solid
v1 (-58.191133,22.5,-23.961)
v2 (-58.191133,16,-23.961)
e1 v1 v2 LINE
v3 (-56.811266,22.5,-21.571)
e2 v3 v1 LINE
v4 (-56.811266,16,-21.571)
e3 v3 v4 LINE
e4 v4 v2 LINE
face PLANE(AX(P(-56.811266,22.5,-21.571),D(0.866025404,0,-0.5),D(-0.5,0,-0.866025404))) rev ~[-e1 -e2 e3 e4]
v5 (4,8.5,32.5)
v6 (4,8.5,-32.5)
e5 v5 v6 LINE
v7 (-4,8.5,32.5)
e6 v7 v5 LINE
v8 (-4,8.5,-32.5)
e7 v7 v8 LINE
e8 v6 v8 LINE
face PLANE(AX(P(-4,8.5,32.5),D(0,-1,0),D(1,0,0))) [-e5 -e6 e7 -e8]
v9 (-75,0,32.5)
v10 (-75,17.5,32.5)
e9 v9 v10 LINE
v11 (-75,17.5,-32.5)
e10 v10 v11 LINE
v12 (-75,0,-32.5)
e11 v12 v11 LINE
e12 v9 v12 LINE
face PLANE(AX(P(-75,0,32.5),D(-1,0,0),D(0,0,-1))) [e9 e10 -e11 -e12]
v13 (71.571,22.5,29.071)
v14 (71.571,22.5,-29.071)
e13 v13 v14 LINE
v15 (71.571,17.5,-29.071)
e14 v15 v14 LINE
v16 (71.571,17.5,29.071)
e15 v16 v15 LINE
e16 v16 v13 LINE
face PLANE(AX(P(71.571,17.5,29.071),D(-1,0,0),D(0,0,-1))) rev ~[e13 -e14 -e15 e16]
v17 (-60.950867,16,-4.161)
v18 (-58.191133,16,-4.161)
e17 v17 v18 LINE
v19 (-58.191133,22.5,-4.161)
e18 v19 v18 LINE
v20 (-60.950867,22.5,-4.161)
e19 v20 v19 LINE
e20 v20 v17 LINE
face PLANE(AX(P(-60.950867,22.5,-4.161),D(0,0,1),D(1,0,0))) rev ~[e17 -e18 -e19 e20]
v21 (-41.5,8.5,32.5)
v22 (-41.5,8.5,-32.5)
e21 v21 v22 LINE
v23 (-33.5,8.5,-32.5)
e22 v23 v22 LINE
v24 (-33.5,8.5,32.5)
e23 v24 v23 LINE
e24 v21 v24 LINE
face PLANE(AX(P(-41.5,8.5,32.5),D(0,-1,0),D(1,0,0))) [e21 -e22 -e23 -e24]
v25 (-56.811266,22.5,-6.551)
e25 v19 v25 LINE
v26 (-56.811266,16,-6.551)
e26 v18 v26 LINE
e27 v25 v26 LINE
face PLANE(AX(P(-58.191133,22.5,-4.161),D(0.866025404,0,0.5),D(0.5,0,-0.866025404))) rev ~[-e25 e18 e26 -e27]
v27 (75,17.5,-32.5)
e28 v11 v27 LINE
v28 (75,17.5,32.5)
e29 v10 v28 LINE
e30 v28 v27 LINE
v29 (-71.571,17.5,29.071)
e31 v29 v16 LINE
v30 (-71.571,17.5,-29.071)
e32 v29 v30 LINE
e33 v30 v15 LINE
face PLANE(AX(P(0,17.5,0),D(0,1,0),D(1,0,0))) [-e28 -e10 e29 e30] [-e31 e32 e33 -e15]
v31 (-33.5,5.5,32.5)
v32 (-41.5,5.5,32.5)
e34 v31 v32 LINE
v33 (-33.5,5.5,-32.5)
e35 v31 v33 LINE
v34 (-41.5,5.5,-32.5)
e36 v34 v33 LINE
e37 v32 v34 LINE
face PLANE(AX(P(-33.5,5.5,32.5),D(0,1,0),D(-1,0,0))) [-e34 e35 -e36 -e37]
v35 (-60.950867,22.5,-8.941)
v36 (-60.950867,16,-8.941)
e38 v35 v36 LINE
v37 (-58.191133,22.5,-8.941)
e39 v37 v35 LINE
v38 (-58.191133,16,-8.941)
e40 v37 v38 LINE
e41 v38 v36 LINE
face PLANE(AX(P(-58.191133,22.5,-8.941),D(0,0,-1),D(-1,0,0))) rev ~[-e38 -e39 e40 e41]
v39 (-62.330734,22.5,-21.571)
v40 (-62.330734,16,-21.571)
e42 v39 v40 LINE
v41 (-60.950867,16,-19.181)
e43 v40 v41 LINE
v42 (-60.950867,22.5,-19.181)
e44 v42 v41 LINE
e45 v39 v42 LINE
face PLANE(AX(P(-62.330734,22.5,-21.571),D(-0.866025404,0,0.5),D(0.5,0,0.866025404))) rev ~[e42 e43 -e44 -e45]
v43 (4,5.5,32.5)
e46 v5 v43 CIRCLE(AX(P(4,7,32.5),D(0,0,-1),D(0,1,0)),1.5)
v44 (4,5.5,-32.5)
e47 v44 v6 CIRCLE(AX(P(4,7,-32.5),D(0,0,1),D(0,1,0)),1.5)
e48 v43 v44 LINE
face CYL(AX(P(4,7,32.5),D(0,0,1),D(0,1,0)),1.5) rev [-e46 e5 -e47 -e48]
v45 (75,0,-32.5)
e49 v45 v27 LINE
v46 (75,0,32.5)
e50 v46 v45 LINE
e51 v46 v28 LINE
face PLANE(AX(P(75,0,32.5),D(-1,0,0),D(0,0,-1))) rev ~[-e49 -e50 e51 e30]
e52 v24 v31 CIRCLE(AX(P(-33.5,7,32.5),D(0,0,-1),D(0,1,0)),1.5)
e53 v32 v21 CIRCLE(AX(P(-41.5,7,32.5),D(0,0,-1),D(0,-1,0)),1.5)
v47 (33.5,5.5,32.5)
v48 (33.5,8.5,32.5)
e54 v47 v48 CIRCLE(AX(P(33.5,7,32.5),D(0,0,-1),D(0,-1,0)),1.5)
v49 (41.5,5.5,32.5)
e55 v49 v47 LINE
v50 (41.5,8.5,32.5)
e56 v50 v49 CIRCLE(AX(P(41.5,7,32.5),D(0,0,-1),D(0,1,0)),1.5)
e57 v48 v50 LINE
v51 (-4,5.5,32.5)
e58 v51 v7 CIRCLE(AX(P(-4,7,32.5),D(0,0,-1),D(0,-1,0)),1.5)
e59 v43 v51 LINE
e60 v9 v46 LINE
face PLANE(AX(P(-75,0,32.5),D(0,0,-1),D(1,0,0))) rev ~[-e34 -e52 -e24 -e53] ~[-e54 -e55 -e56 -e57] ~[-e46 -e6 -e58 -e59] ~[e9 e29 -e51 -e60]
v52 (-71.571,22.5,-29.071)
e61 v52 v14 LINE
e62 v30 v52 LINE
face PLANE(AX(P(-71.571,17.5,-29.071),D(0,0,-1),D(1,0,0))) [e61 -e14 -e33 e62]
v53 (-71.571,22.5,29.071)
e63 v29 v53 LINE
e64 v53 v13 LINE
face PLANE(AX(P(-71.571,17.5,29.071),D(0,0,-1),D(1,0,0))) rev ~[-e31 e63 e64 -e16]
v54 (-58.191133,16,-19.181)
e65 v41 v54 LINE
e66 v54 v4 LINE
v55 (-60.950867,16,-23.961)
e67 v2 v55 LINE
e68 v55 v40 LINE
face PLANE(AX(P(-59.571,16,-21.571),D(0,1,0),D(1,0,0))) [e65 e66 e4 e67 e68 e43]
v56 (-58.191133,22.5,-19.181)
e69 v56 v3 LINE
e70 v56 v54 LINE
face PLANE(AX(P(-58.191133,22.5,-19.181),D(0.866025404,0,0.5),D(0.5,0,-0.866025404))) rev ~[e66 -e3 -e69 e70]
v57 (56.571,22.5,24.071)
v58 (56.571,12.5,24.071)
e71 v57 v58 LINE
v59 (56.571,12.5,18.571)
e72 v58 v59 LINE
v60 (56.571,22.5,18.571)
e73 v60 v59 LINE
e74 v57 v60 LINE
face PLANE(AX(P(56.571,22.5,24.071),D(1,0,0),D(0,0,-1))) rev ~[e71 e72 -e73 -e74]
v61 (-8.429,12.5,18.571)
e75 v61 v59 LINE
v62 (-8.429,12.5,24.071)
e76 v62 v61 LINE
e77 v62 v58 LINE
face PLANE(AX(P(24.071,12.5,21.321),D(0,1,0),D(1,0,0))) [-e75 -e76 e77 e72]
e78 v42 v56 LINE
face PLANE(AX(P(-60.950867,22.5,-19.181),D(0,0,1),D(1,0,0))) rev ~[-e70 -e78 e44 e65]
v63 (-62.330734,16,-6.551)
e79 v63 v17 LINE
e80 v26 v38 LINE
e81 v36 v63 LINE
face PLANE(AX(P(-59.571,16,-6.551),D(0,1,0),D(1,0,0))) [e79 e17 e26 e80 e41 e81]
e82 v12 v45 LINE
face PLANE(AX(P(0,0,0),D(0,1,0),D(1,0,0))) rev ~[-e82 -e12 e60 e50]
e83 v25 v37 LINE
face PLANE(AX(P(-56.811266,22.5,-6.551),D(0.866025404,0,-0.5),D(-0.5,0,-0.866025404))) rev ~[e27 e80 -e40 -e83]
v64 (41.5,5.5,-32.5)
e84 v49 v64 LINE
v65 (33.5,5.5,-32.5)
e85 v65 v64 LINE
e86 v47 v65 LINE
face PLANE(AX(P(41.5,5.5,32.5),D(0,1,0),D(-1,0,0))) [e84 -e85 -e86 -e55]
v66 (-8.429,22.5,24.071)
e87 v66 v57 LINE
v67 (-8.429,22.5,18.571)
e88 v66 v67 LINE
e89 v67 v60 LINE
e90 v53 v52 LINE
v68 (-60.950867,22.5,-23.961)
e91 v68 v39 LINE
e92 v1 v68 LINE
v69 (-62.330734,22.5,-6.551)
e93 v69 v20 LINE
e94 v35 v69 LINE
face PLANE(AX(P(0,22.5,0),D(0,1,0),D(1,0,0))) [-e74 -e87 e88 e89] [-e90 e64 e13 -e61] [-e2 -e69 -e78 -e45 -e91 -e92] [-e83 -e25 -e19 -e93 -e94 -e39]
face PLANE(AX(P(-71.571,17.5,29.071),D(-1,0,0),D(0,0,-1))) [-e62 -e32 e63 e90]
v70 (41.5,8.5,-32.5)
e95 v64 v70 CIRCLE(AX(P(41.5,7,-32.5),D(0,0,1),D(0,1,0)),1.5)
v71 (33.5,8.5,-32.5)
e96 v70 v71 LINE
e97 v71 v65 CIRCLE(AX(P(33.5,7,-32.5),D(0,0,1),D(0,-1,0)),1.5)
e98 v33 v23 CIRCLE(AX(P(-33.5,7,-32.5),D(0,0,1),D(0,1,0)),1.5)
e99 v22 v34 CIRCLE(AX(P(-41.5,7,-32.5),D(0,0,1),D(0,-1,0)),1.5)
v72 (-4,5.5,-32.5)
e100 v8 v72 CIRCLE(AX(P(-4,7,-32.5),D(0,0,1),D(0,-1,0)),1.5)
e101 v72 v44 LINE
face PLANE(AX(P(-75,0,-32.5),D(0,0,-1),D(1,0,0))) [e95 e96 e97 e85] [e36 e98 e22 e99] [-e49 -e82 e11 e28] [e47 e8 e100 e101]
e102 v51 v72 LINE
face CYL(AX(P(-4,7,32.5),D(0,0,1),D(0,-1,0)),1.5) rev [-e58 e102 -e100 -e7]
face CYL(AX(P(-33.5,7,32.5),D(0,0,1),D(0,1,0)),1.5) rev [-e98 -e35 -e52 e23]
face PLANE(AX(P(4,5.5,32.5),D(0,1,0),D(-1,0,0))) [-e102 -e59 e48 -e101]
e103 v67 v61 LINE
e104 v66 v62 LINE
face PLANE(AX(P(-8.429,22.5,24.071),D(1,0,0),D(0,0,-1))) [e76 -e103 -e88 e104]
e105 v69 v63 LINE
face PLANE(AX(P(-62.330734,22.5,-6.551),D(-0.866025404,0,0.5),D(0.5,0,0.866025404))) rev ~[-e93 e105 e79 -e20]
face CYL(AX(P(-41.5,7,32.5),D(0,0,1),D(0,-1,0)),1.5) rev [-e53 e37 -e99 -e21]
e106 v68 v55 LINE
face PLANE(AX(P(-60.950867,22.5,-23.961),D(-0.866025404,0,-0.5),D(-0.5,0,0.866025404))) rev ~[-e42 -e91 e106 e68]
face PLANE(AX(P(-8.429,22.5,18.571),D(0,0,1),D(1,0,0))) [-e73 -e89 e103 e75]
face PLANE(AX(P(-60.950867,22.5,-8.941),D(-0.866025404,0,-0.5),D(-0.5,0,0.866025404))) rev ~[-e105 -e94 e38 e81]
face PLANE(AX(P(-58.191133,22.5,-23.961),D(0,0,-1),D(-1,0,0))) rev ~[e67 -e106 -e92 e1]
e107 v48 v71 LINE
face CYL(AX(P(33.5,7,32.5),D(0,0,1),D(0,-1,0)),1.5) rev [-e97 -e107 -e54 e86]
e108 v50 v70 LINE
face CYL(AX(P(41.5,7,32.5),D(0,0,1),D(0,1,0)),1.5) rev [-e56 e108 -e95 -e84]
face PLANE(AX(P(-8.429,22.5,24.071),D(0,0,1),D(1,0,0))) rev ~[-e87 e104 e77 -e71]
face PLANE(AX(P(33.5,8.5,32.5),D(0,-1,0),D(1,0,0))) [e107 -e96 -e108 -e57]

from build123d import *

# Parameters (mm, degrees)
SKETCH1_W           = 150
SKETCH1_H           = 65
BOSS_EXTRUDE1_DEPTH = 17.5
CUT_EXTRUDE1_DEPTH  = 66
SKETCH3_W           = 143.142
SKETCH3_H           = 58.142
BOSS_EXTRUDE2_DEPTH = 5
CUT_EXTRUDE2_DEPTH  = 6.5
SKETCH6_W           = 65
SKETCH6_H           = 5.5
CUT_EXTRUDE3_DEPTH  = 10


with BuildPart() as part:
    # Sketch1 → Boss-Extrude1 (new body)
    with BuildSketch(Plane(origin=(0, 0, 0), x_dir=(1, 0, 0), z_dir=(0, 1, 0))):
        Rectangle(SKETCH1_W, SKETCH1_H)
    extrude(amount=BOSS_EXTRUDE1_DEPTH)

    # Sketch2 → Cut-Extrude1 (cut, through all)
    with BuildSketch(Plane.XY.offset(32.5)):
        with BuildLine():
            Line((-4, 8.5), (4, 8.5))
            ThreePointArc((4, 8.5), (5.5, 7), (4, 5.5))
            Line((4, 5.5), (-4, 5.5))
            ThreePointArc((-4, 5.5), (-5.5, 7), (-4, 8.5))
        make_face()
        with BuildLine():
            Line((-41.5, 8.5), (-33.5, 8.5))
            ThreePointArc((-33.5, 8.5), (-32, 7), (-33.5, 5.5))
            Line((-33.5, 5.5), (-41.5, 5.5))
            ThreePointArc((-41.5, 5.5), (-43, 7), (-41.5, 8.5))
        make_face()
        with BuildLine():
            Line((33.5, 8.5), (41.5, 8.5))
            ThreePointArc((41.5, 8.5), (43, 7), (41.5, 5.5))
            Line((41.5, 5.5), (33.5, 5.5))
            ThreePointArc((33.5, 5.5), (32, 7), (33.5, 8.5))
        make_face()
    extrude(amount=-CUT_EXTRUDE1_DEPTH, mode=Mode.SUBTRACT)

    # Sketch3 → Boss-Extrude2 (add)
    with BuildSketch(Plane(origin=(0, 17.5, 0), x_dir=(1, 0, 0), z_dir=(0, 1, 0))):
        Rectangle(SKETCH3_W, SKETCH3_H)
    extrude(amount=BOSS_EXTRUDE2_DEPTH)

    # Sketch4 → Cut-Extrude2 (cut)
    with BuildSketch(Plane(origin=(0, 22.5, 0), x_dir=(1, 0, 0), z_dir=(0, 1, 0))):
        Polygon((-60.950867143, 23.961), (-62.330734287, 21.571), (-60.950867143, 19.181), (-58.191132857, 19.181), (-56.811265713, 21.571), (-58.191132857, 23.961), align=None)
        Polygon((-60.950867143, 8.941), (-62.330734287, 6.551), (-60.950867143, 4.161), (-58.191132857, 4.161), (-56.811265713, 6.551), (-58.191132857, 8.941), align=None)
    extrude(amount=-CUT_EXTRUDE2_DEPTH, mode=Mode.SUBTRACT)

    # Sketch6 → Cut-Extrude3 (cut)
    with BuildSketch(Plane(origin=(0, 22.5, 0), x_dir=(1, 0, 0), z_dir=(0, 1, 0))):
        with Locations((24.071, -21.321)):
            Rectangle(SKETCH6_W, SKETCH6_H)
    extrude(amount=-CUT_EXTRUDE3_DEPTH, mode=Mode.SUBTRACT)


solid = part.part
